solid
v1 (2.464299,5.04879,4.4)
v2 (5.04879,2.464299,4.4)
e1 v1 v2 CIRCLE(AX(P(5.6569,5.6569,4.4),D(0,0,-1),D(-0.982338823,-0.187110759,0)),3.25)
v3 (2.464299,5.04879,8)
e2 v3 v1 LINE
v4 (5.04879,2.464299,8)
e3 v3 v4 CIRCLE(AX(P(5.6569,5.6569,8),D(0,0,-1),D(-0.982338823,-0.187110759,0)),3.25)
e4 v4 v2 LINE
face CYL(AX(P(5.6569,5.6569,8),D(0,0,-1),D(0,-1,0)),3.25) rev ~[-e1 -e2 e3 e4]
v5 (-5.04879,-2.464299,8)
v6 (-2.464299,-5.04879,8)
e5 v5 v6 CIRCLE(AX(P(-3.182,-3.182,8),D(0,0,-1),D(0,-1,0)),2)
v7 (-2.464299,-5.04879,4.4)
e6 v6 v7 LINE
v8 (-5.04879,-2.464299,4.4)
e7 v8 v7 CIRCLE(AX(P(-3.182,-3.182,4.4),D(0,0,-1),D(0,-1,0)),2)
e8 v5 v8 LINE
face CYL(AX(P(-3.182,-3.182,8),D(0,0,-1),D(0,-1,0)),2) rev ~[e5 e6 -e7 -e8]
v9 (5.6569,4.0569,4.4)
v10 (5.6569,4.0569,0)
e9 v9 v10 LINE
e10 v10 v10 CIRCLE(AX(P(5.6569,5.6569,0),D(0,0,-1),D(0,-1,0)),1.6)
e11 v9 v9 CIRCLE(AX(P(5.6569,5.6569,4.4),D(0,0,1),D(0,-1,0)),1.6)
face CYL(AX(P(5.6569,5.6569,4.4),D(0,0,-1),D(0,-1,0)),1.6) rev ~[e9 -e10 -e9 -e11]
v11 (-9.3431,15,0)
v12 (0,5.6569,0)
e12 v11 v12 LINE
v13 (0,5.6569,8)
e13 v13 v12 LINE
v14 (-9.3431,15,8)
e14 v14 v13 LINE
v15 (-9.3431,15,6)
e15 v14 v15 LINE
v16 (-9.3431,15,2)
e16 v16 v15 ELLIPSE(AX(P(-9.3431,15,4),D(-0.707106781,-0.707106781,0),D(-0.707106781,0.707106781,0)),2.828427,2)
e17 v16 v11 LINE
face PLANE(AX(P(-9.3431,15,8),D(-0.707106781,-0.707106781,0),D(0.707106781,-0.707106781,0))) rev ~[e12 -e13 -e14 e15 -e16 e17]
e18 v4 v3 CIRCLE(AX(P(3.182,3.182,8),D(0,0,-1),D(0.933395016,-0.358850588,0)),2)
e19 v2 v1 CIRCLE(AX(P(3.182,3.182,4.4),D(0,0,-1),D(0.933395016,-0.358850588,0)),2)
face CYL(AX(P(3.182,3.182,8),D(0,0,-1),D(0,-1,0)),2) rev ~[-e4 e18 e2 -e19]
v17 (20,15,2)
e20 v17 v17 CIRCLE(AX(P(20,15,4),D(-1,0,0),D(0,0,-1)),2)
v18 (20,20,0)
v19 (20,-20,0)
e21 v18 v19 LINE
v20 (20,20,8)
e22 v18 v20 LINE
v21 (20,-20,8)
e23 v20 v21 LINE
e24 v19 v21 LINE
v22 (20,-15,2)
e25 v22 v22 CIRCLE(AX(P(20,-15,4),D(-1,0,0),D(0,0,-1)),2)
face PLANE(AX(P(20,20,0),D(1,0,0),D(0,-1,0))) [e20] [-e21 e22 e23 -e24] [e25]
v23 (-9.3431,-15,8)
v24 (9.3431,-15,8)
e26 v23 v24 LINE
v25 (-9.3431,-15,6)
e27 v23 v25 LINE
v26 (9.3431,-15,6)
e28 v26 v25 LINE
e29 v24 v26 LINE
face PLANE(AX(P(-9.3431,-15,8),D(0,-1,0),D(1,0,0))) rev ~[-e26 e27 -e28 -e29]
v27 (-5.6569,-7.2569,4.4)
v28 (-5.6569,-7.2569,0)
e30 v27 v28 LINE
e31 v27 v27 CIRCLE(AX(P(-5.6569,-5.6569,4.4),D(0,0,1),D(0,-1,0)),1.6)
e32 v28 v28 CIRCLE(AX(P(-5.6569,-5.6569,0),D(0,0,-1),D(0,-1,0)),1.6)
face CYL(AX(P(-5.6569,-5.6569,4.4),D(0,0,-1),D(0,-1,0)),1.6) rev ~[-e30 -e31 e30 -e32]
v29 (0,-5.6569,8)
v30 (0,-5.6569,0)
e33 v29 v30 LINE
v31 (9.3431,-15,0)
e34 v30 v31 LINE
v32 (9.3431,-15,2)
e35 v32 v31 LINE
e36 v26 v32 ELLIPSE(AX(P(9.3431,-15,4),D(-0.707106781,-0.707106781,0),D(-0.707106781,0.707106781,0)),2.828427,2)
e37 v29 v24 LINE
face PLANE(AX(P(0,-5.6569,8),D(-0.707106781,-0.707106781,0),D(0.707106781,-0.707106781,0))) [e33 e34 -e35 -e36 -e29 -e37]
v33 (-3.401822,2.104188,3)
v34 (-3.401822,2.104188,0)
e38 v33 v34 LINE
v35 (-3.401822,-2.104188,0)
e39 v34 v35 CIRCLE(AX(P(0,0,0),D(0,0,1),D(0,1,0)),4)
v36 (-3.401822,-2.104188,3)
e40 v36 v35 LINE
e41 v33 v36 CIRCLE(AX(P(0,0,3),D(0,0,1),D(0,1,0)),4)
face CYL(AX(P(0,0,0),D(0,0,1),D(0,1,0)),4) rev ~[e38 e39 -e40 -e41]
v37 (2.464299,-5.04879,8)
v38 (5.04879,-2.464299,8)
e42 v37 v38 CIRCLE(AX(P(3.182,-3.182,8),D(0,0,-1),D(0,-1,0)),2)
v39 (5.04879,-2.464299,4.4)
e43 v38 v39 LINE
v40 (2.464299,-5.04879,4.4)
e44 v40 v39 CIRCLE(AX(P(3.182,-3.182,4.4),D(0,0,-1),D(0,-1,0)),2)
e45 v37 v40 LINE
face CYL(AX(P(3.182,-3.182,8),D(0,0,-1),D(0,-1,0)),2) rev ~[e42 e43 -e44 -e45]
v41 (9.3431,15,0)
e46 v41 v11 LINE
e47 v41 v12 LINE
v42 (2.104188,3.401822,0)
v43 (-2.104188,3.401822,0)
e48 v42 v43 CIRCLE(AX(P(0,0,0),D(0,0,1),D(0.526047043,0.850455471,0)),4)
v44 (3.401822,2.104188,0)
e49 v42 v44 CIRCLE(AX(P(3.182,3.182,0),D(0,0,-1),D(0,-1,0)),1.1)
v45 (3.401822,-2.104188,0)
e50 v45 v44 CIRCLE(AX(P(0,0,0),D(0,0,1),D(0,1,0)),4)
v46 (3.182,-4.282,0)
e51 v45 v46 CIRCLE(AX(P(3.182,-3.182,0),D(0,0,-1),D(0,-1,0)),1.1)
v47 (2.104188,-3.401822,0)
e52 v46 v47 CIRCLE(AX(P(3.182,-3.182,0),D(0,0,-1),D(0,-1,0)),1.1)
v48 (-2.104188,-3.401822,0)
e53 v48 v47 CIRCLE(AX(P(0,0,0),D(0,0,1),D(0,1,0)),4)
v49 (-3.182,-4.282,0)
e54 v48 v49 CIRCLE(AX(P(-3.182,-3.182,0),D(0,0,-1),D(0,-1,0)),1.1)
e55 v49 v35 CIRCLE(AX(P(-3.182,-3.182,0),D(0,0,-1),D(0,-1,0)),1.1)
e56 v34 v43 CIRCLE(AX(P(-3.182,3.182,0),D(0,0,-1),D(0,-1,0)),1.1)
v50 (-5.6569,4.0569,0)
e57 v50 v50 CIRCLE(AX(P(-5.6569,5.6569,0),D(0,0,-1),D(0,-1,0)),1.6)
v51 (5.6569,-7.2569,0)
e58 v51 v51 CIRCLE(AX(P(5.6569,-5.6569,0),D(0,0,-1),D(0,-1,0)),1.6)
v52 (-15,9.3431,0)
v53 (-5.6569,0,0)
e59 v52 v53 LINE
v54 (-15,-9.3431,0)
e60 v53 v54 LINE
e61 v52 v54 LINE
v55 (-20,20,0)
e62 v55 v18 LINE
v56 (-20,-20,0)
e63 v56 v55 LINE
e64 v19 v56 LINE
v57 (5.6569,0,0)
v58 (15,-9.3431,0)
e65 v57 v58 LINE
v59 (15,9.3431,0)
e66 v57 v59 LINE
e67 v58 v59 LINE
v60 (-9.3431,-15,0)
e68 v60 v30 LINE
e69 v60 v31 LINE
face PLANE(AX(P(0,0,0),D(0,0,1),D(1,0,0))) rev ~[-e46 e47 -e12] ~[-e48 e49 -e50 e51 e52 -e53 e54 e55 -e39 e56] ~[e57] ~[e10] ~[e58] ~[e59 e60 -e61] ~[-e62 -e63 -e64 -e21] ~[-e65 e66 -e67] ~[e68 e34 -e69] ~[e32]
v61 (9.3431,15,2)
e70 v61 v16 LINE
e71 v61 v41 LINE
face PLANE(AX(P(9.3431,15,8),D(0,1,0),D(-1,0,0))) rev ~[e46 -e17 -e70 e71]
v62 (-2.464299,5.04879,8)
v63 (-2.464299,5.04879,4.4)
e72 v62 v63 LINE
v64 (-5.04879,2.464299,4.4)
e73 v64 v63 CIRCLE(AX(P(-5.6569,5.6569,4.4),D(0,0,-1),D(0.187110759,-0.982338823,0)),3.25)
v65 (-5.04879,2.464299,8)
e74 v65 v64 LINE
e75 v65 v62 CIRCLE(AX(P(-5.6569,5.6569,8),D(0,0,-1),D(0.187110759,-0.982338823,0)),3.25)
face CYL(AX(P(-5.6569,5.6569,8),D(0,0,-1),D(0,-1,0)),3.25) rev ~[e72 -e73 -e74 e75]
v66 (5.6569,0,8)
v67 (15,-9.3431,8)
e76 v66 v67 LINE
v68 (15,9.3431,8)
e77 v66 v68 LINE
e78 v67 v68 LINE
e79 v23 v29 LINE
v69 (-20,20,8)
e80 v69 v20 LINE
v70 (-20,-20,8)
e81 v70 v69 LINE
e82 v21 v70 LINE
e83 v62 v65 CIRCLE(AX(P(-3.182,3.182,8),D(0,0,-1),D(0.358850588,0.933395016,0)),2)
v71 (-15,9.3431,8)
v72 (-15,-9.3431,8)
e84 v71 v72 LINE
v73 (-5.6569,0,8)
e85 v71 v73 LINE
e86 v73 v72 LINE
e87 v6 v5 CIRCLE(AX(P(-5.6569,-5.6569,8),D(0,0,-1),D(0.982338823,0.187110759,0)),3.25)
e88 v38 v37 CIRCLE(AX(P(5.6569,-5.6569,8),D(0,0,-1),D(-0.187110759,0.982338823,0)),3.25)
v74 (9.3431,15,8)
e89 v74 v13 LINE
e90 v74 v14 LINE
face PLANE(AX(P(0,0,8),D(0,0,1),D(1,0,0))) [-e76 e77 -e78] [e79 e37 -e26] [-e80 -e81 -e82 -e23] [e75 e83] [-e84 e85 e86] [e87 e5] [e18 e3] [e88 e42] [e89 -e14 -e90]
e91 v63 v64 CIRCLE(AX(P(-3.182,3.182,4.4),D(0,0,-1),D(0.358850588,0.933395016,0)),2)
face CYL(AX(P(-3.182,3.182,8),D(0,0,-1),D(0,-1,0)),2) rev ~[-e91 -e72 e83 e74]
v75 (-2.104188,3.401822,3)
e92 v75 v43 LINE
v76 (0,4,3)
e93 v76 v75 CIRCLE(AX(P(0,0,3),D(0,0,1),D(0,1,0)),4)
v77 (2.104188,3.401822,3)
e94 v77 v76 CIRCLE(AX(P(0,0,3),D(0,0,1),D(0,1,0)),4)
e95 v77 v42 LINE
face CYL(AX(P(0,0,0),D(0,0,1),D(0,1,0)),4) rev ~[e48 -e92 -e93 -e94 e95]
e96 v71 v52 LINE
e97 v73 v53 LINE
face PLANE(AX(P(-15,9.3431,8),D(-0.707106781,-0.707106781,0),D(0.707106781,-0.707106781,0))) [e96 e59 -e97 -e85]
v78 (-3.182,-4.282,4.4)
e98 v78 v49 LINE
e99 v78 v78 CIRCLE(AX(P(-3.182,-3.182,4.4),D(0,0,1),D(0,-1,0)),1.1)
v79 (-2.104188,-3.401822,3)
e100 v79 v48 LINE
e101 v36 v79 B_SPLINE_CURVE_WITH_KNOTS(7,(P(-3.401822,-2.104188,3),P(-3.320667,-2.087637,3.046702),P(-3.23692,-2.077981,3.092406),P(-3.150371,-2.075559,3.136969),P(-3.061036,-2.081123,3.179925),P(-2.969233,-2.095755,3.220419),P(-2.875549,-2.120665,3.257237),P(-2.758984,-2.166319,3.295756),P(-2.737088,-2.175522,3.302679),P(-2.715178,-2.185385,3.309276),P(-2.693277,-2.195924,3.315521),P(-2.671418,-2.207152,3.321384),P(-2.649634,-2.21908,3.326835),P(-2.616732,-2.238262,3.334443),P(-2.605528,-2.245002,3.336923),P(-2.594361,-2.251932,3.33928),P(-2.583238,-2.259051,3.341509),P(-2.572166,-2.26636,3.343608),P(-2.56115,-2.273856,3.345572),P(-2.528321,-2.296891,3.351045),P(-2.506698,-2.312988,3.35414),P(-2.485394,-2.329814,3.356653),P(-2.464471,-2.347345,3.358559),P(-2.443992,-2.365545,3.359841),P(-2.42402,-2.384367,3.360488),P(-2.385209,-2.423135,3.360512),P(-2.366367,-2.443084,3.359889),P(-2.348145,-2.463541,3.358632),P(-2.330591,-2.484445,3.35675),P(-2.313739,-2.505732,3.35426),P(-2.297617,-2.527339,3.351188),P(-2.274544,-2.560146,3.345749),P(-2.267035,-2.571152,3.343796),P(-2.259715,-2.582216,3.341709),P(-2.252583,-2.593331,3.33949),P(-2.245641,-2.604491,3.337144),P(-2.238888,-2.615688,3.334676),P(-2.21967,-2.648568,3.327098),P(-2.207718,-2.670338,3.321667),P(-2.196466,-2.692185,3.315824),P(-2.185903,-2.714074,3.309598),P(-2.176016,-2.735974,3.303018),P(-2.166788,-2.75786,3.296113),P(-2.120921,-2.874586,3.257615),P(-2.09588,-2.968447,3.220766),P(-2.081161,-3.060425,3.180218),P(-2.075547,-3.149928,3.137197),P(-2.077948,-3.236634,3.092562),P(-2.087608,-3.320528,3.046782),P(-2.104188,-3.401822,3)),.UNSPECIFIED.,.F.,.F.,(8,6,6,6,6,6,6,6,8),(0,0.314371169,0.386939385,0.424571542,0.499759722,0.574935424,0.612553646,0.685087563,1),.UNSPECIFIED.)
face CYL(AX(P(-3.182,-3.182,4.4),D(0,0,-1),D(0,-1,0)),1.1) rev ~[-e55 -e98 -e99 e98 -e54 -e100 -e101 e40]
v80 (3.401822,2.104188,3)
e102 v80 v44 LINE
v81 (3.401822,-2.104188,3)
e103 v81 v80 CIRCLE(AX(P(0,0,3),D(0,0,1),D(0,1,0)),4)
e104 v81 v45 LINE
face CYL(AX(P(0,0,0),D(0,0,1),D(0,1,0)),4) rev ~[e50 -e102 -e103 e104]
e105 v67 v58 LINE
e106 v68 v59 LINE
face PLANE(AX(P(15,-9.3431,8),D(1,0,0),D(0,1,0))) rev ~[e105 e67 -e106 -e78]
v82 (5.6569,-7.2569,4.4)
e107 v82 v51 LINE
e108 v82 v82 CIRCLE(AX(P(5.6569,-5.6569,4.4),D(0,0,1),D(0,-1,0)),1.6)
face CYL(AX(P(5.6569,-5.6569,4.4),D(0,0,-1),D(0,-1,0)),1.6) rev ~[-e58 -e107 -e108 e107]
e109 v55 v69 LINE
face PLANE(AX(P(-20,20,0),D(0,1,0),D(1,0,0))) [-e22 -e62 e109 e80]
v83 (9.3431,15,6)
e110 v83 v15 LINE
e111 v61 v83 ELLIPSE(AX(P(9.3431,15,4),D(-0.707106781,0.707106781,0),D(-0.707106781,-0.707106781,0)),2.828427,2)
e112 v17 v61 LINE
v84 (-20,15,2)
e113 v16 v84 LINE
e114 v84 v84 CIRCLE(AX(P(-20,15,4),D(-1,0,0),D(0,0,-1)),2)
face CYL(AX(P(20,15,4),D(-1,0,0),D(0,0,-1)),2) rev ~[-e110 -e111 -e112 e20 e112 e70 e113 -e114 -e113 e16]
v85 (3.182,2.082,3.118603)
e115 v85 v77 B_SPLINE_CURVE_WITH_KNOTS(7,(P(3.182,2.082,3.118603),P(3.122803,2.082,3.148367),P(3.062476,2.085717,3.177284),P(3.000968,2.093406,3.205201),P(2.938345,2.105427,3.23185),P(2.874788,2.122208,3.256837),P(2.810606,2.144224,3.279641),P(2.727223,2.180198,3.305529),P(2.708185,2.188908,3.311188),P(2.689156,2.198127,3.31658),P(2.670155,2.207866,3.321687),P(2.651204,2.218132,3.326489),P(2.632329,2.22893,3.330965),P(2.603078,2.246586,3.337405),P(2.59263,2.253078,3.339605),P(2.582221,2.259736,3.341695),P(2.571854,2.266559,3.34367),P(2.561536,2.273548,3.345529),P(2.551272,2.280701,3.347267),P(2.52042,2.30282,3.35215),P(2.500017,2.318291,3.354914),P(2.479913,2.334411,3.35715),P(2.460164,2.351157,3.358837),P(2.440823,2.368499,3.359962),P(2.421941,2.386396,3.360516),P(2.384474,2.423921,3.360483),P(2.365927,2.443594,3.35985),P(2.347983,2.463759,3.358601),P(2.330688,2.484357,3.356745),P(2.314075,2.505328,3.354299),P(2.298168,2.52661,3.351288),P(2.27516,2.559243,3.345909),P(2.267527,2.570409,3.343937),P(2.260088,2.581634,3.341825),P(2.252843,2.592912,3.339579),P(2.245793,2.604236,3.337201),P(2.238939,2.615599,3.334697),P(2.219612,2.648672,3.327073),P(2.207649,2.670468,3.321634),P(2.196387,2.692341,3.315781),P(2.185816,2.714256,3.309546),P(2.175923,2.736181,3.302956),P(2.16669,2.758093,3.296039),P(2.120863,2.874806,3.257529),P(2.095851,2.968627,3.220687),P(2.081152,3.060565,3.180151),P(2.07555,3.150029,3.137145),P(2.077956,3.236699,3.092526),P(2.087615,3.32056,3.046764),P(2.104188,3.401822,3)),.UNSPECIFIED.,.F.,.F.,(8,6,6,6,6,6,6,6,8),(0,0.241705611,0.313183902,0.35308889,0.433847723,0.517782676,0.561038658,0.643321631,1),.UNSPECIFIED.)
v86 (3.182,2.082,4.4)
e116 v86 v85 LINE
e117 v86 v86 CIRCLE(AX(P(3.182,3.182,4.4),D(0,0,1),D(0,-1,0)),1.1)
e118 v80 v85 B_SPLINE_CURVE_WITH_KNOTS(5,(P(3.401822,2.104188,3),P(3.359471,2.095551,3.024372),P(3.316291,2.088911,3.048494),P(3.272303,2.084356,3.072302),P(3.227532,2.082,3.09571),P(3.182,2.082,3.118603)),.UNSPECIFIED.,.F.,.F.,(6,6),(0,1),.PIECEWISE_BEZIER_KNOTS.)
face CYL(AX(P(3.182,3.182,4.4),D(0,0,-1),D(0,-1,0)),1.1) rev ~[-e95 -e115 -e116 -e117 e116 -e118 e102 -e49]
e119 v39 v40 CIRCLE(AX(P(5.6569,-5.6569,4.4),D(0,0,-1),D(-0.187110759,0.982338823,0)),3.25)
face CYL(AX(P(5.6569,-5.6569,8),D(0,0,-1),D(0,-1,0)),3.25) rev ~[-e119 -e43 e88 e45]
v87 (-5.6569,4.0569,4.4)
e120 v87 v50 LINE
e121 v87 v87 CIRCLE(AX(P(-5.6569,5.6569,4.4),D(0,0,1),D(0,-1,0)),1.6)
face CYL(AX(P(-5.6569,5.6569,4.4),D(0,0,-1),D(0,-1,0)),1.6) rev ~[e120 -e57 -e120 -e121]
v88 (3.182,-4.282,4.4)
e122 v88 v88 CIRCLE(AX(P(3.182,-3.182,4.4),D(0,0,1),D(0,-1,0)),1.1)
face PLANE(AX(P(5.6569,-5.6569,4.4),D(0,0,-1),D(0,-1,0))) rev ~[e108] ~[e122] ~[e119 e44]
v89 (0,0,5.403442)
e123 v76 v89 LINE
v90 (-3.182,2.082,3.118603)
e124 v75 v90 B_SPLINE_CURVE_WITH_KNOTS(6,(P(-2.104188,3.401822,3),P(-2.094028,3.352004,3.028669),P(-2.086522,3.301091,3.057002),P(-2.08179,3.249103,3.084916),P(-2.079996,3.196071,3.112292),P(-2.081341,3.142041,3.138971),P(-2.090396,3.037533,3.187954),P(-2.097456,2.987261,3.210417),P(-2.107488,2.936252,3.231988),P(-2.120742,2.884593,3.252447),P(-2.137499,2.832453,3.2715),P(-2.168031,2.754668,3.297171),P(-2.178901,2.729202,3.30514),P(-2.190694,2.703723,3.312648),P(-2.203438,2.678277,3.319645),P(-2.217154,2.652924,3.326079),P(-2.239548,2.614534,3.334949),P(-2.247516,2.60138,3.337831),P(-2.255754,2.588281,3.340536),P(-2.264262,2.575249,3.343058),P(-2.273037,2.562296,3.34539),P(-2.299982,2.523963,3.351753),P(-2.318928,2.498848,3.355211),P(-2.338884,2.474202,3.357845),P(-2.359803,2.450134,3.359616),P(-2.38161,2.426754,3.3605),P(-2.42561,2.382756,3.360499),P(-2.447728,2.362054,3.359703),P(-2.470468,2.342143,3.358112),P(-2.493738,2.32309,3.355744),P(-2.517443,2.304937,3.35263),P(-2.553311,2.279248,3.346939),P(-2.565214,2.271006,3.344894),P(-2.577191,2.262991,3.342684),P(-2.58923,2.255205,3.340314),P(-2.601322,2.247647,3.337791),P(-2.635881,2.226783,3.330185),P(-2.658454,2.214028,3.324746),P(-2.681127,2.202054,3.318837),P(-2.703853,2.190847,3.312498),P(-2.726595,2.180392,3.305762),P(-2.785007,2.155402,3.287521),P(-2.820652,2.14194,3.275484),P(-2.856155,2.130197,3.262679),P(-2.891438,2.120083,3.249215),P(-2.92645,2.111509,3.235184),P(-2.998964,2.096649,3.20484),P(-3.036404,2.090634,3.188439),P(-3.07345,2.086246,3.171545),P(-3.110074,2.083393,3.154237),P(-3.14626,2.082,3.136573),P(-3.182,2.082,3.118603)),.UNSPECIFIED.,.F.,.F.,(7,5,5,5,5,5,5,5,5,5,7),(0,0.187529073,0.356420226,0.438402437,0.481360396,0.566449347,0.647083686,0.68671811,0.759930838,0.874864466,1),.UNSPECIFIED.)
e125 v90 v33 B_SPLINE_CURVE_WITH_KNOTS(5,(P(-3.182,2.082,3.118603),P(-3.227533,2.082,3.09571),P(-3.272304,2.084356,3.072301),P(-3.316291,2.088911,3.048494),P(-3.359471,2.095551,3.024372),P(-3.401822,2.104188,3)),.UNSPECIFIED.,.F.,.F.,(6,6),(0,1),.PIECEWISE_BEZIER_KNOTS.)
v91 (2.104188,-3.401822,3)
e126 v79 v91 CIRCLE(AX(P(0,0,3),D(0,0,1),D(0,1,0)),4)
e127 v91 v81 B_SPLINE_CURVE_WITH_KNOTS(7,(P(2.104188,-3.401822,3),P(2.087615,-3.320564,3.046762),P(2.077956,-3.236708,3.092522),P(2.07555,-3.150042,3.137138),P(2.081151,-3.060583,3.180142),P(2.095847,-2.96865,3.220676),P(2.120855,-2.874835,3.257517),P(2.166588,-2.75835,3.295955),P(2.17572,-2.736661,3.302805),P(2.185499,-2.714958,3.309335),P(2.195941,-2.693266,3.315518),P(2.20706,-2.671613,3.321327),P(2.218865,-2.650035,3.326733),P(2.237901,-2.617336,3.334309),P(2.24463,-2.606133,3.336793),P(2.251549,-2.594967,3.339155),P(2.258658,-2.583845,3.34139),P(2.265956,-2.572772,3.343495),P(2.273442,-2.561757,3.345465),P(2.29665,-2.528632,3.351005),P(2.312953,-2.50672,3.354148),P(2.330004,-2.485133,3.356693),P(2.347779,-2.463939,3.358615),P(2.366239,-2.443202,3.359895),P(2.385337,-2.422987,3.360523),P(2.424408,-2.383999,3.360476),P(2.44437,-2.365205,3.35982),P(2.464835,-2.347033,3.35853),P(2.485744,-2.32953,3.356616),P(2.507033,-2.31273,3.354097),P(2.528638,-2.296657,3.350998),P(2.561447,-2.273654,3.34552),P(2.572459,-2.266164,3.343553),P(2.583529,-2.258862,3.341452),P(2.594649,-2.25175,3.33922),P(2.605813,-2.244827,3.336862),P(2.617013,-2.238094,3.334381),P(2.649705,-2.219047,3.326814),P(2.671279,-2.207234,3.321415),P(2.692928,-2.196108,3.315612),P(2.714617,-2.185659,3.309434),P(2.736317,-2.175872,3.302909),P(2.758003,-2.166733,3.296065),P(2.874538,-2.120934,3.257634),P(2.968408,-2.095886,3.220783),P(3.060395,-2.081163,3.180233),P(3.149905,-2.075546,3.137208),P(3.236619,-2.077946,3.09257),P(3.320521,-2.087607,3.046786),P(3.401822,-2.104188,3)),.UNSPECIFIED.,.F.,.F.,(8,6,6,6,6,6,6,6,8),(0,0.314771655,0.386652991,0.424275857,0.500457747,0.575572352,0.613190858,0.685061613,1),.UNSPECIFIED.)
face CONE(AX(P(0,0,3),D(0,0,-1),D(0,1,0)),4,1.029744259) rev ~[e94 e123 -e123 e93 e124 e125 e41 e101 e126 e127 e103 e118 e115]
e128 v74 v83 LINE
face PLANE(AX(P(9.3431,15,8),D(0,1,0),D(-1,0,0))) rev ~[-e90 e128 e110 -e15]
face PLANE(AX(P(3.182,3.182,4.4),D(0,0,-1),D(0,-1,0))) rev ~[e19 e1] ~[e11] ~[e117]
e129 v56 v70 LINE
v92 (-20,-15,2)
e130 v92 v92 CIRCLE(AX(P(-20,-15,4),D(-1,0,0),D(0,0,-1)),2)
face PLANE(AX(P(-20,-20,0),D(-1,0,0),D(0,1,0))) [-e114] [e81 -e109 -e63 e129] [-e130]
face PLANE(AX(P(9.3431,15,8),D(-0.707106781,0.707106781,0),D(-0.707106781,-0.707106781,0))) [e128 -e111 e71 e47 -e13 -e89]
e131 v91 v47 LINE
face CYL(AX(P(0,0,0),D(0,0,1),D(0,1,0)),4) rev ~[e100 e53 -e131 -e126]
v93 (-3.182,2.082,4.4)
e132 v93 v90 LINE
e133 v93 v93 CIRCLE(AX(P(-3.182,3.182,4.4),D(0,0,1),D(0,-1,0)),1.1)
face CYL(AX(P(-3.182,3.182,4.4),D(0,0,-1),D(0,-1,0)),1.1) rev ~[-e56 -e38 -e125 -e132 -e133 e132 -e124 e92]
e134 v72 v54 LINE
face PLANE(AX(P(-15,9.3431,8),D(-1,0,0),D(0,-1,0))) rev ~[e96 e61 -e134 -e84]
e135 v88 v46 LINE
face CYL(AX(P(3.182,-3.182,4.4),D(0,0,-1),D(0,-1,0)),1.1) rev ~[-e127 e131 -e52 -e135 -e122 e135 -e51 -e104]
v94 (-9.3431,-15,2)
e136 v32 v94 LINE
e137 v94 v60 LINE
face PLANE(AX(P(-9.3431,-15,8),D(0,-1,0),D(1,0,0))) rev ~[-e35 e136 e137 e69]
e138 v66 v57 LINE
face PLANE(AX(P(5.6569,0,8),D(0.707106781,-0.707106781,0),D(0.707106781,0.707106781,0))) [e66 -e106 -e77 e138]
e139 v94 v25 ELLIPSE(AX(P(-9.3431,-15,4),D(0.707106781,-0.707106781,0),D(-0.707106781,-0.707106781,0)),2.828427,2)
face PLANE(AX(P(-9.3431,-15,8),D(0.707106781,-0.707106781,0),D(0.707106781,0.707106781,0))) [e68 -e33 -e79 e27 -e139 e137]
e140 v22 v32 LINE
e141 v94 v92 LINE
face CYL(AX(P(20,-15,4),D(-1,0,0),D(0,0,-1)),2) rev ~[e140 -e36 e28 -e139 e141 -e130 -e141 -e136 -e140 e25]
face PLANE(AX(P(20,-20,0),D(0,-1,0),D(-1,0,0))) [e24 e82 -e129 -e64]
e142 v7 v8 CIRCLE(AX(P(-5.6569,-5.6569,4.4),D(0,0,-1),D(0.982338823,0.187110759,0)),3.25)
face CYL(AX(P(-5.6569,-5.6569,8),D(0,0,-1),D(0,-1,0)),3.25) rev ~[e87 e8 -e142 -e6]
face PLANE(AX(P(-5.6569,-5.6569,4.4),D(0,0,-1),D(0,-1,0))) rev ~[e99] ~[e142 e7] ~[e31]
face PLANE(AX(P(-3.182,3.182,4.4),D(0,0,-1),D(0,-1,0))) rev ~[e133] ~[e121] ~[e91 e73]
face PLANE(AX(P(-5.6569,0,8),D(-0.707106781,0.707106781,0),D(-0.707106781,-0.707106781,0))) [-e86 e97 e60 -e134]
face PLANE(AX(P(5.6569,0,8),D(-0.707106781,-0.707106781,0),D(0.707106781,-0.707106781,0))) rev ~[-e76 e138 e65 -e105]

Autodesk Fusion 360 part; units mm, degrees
sketch "Sketch1" plane through (0, 0, 0) normal (0, 0, 1) x (1, 0, 0)
  line L0 (20, -20) -> (-20, -20)
  line L1 (-20, -20) -> (-20, 20)
  line L2 (-20, 20) -> (20, 20)
  line L3 (20, 20) -> (20, -20)
  line L4 (20, -20) -> (-20, 20) construction
  line L5 (-20, -20) -> (20, 20) construction
  dimension "d1" = 40
  dimension "d2" = 40
extrude "Extrude1" add sketch "Sketch1" along normal blind 8
sketch "Sketch2" plane through (20, 0, 0) normal (1, 0, 0) x (0, 1, 0)
  line L0 (-20, 0) -> (20, 0)
  line L1 (20, 0) -> (20, 8)
  line L2 (20, 8) -> (-20, 8)
  line L3 (-20, 8) -> (-20, 0)
  line L4 (-20, 4) -> (20, 4) construction
  line L5 (0, 8) -> (0, 0) construction
  point P0 (-15, 4)
  point P1 (15, 4)
  point P2 (-20, 4)
  point P3 (20, 4)
  dimension "d5" = 30
sketch "Sketch3" plane through (0, 0, 8) normal (0, 0, 1) x (-1, 0, 0)
  line L0 (-20, -20) -> (20, -20)
  line L1 (20, -20) -> (20, 20)
  line L2 (20, 20) -> (-20, 20)
  line L3 (-20, 20) -> (-20, -20)
  line L4 (-20, -20) -> (-20, 20)
  line L5 (-20, 20) -> (20, 20)
  line L6 (20, -20) -> (-20, -20)
  line L7 (20, 20) -> (20, -20)
  line L8 (-15, 15) -> (-15, -15)
  line L9 (-15, -15) -> (15, -15)
  line L10 (15, -15) -> (15, 15)
  line L11 (15, 15) -> (-15, 15)
  line L12 (15, 15) -> (-15, -15) construction
  line L13 (-15, 15) -> (15, -15) construction
  line L14 (9.3431, -15) -> (-15, 9.3431)
  line L15 (15, -9.3431) -> (-9.3431, 15)
  line L16 (9.3431, 15) -> (-15, -9.3431)
  line L17 (-9.3431, -15) -> (15, 9.3431)
  point P0 (5.6569, -5.6569)
  point P1 (-5.6569, 5.6569)
  point P2 (-5.6569, -5.6569)
  point P3 (5.6569, 5.6569)
  point P4 (3.182, 3.182)
  point P5 (-3.182, 3.182)
  point P6 (-3.182, -3.182)
  point P7 (3.182, -3.182)
  dimension "d24" = -5
  dimension "d25" = 8
  dimension "d26" = 8
  dimension "d49" = 16
  dimension "d50" = 9
extrude "Extrude3" cut sketch "Sketch3" against normal up to surface (8 mm away) contours L8 L14 L16 | L11 L15 L16 | L9 L14 L17 | L10 L15 L17
hole "Hole2" at (20, -15, 4) at (20, 15, 4) direction (-1, 0, 0) diameter 4 end up to surface (40 mm away)
hole "Hole3" at (-5.6569, 5.6569, 8) at (5.6569, 5.6569, 8) at (5.6569, -5.6569, 8) at (-5.6569, -5.6569, 8) direction (0, 0, -1) diameter 3.2 end up to surface (8 mm away) counterbore diameter 6.5 counterbore depth 3.6
hole "Hole4" at (-3.182, 3.182, 8) at (3.182, 3.182, 8) at (3.182, -3.182, 8) at (-3.182, -3.182, 8) direction (0, 0, -1) diameter 2.2 end up to surface (8 mm away) counterbore diameter 4 counterbore depth 3.6
sketch "Sketch5" plane through (0, 0, 0) normal (0, 0, 1) x (1, 0, 0)
hole "Hole6" at (0, 0, 0) direction (0, 0, 1) diameter 8 depth 3 tip angle 118
equation "d26 = d25"
